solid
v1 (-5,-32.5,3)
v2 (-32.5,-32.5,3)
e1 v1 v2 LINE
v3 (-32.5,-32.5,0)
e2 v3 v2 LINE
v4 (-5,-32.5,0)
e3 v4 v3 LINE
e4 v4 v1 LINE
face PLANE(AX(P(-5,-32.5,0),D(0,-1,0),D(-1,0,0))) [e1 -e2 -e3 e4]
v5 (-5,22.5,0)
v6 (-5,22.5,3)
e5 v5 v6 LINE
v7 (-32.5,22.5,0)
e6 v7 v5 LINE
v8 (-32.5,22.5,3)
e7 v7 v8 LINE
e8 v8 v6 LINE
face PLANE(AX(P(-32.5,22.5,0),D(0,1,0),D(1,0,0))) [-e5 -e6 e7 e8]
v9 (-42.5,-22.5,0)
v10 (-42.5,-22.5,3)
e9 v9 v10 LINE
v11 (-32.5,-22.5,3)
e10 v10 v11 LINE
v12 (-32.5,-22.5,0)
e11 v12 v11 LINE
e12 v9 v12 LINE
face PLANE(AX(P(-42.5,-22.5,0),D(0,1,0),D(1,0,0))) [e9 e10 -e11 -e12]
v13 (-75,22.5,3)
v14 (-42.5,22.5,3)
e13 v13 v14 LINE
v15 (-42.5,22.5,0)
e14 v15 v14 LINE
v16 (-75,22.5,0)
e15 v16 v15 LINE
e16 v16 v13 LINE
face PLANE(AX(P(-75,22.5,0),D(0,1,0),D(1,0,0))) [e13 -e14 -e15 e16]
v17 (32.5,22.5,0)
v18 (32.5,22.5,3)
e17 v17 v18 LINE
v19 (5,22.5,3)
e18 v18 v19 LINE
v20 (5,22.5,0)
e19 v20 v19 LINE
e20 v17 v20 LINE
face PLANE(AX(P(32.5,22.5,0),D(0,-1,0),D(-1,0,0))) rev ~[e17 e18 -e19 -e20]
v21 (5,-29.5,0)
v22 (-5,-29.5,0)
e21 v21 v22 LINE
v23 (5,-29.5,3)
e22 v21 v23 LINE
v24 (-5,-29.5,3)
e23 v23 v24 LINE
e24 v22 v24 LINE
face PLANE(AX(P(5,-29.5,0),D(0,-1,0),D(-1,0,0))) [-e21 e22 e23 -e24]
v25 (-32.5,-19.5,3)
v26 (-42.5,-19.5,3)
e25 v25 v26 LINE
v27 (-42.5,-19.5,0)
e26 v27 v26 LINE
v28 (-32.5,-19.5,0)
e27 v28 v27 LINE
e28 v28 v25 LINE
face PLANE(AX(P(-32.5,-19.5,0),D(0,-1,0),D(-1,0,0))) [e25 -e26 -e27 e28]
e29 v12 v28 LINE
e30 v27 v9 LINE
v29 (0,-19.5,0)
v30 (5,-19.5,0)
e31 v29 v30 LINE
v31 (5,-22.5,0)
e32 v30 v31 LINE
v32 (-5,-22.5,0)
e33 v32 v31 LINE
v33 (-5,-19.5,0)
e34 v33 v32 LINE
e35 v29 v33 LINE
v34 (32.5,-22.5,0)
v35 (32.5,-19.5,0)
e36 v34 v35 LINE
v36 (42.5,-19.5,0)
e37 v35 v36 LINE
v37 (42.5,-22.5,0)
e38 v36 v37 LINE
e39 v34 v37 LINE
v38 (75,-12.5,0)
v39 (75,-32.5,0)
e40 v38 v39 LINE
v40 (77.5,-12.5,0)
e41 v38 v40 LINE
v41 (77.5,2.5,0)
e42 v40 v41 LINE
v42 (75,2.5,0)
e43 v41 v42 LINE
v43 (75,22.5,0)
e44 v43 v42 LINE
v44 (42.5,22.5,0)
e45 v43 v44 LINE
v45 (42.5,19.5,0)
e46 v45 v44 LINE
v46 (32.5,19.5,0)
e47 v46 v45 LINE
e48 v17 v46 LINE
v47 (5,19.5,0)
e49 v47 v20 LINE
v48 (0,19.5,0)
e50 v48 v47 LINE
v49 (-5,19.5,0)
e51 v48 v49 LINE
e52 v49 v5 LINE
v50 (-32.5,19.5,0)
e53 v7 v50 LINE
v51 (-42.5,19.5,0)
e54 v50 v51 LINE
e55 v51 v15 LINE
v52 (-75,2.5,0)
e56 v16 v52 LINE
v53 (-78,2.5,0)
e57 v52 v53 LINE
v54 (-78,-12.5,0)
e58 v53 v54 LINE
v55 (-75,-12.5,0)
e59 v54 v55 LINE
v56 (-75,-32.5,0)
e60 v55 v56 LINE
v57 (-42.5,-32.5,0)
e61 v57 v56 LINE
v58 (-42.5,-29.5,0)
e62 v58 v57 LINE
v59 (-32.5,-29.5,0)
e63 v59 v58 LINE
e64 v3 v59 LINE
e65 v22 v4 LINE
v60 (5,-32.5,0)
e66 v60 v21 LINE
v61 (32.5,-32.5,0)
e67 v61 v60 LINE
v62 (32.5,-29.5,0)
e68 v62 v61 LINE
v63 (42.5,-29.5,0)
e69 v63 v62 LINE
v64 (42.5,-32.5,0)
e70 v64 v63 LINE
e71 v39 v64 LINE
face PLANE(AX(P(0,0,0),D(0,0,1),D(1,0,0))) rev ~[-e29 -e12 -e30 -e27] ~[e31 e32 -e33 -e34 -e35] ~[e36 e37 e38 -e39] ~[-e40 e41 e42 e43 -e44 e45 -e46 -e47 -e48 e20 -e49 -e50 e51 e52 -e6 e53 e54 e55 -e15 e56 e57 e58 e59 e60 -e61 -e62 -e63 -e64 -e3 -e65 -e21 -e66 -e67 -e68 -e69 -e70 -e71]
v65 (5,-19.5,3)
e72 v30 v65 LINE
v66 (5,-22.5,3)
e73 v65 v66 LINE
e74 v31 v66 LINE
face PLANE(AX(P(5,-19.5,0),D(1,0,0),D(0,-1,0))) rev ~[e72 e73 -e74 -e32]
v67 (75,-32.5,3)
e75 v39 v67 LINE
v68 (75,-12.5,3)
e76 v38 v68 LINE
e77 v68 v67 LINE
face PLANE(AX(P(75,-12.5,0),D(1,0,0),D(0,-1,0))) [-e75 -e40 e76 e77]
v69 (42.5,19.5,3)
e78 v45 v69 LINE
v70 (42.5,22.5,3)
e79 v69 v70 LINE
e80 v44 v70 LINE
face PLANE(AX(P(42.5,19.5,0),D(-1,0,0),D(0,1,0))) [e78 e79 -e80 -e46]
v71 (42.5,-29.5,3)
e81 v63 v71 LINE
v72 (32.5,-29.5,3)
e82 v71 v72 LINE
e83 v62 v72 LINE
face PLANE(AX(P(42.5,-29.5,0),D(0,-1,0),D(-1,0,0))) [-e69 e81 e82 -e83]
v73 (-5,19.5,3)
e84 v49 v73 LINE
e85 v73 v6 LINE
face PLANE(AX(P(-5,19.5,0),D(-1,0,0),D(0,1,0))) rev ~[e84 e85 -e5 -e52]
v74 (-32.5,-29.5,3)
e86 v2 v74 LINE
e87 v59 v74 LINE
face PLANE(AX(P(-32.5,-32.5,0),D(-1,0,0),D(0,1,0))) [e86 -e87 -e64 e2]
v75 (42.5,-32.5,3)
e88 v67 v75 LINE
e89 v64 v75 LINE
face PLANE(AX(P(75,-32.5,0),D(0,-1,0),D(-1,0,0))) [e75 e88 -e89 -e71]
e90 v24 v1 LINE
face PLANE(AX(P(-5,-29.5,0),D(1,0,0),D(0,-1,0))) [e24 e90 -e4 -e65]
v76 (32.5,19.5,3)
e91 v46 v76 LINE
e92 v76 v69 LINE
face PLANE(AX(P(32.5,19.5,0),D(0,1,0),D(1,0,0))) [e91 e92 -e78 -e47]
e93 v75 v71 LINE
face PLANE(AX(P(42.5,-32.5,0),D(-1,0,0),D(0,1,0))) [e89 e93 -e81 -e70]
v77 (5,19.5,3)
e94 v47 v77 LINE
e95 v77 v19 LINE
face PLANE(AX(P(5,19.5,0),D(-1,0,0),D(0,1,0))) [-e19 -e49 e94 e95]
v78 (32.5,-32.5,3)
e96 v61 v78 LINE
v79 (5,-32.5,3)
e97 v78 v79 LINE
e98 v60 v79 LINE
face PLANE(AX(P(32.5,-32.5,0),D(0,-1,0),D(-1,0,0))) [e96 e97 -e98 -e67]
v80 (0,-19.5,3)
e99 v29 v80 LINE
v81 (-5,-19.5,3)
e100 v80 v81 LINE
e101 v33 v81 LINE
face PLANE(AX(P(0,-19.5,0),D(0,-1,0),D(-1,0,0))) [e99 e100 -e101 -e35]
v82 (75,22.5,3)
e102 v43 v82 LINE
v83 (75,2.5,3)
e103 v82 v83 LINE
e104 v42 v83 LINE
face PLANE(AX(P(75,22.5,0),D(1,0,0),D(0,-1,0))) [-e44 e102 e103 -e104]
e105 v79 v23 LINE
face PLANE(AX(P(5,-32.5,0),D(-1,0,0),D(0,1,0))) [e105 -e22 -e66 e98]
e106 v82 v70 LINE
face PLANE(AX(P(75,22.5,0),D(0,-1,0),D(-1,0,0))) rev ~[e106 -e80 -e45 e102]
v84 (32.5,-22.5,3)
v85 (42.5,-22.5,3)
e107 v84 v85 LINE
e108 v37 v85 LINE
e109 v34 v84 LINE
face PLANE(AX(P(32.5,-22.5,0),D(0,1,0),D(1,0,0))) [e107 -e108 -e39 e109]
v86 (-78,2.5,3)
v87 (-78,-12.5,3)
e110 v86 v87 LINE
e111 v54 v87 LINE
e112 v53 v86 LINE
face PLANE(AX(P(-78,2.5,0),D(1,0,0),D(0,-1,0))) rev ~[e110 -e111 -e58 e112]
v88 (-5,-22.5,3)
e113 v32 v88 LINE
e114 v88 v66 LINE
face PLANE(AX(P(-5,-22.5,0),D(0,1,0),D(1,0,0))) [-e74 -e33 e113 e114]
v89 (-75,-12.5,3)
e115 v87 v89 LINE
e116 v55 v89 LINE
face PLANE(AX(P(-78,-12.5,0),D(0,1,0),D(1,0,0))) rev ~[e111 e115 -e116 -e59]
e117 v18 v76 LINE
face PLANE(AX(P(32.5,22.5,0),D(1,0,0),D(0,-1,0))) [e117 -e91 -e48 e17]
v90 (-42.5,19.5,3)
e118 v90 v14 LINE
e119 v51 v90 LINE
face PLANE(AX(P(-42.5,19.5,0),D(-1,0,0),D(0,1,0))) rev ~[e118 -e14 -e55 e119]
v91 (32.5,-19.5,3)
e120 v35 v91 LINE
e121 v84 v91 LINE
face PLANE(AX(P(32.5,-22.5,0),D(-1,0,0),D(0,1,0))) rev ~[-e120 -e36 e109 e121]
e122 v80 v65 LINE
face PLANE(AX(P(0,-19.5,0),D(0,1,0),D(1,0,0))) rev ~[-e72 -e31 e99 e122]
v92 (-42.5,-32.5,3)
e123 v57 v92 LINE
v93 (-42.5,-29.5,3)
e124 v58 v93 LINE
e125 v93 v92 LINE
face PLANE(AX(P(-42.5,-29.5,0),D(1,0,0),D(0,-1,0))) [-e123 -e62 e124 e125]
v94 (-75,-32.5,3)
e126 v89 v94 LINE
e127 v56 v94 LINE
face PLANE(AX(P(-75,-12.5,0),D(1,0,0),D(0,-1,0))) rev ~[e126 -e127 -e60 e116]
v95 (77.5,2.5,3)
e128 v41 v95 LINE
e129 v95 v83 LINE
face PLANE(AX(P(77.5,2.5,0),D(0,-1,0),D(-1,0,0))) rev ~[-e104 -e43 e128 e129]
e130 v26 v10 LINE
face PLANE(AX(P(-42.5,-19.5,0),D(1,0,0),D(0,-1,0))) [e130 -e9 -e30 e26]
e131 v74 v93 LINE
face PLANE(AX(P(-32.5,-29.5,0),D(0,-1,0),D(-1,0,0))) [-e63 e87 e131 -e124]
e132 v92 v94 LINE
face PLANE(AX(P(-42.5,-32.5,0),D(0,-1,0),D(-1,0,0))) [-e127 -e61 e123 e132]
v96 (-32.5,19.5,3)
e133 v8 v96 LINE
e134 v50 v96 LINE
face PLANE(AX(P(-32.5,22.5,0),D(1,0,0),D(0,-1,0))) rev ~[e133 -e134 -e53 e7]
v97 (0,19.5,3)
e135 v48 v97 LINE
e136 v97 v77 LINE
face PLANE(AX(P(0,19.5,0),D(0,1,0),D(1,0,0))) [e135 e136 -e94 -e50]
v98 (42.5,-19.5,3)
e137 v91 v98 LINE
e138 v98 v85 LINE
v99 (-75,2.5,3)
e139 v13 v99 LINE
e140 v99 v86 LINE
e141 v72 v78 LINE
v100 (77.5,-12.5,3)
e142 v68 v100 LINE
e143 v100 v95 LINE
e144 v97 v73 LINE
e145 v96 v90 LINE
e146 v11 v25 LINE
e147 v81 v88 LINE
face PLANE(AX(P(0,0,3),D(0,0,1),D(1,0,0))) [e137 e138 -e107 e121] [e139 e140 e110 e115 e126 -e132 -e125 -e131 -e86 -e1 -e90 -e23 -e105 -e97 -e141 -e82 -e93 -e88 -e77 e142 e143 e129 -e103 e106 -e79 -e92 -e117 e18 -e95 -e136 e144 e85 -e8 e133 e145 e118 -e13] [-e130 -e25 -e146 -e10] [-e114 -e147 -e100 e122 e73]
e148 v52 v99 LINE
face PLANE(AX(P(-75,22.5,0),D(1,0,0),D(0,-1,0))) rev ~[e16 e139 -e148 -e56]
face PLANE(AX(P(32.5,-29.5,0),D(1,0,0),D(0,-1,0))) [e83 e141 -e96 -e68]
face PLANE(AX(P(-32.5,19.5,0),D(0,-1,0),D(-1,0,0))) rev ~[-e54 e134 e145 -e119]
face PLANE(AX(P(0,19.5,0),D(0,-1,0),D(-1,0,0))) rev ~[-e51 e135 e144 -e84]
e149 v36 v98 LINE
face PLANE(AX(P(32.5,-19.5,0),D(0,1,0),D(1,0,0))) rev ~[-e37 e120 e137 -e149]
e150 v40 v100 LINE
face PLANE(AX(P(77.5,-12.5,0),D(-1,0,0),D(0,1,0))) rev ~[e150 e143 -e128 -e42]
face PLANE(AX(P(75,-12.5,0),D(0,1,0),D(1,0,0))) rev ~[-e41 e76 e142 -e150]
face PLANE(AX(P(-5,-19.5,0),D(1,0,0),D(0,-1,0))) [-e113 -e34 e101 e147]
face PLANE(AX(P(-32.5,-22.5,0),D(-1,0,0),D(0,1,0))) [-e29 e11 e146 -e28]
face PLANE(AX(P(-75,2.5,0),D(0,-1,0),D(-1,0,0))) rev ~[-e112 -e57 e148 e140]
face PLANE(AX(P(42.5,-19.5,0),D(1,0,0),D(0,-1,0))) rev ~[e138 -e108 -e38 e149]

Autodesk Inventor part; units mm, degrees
ref_plane "YZ Plane" through (0, 0, 0) normal (1, 0, 0) x (0, 1, 0)
ref_plane "XZ Plane" through (0, 0, 0) normal (0, 1, 0) x (-1, 0, 0)
ref_plane "XY Plane" through (0, 0, 0) normal (0, 0, 1) x (1, 0, 0)
sketch "Эскиз1" plane through (0, 0, 0) normal (0, 0, 1) x (1, 0, 0)
  line L0 (-32.5, -22.5) -> (-32.5, -19.5)
  line L1 (-32.5, -19.5) -> (-42.5, -19.5)
  line L2 (-42.5, -19.5) -> (-42.5, -22.5)
  line L3 (0, -19.5) -> (-5, -19.5)
  line L4 (-5, -19.5) -> (-5, -22.5)
  line L5 (-75, 22.5) -> (-42.5, 22.5)
  line L6 (-32.5, 22.5) -> (-32.5, 19.5)
  line L7 (-32.5, 19.5) -> (-42.5, 19.5)
  line L8 (-42.5, 19.5) -> (-42.5, 22.5)
  line L9 (-32.5, 22.5) -> (-5, 22.5)
  line L10 (0, 19.5) -> (-5, 19.5)
  line L11 (-5, 19.5) -> (-5, 22.5)
  line L12 (-5, 22.5) -> (-32.5, 22.5)
  line L13 (-42.5, 22.5) -> (-75, 22.5)
  line L14 (32.5, -22.5) -> (32.5, -19.5)
  line L15 (32.5, -19.5) -> (42.5, -19.5)
  line L16 (42.5, -19.5) -> (42.5, -22.5)
  line L17 (0, -19.5) -> (5, -19.5)
  line L18 (5, -19.5) -> (5, -22.5)
  line L19 (75, 22.5) -> (42.5, 22.5)
  line L20 (32.5, 22.5) -> (32.5, 19.5)
  line L21 (32.5, 19.5) -> (42.5, 19.5)
  line L22 (42.5, 19.5) -> (42.5, 22.5)
  line L23 (32.5, 22.5) -> (5, 22.5)
  line L24 (0, 19.5) -> (5, 19.5)
  line L25 (5, 19.5) -> (5, 22.5)
  line L26 (5, 22.5) -> (32.5, 22.5)
  line L27 (42.5, 22.5) -> (75, 22.5)
  line L28 (-42.5, -22.5) -> (-32.5, -22.5)
  line L29 (-5, -22.5) -> (5, -22.5)
  line L30 (32.5, -22.5) -> (42.5, -22.5)
  line L31 (-32.5, -32.5) -> (-32.5, -29.5)
  line L32 (-32.5, -29.5) -> (-42.5, -29.5)
  line L33 (-42.5, -29.5) -> (-42.5, -32.5)
  line L34 (5, -32.5) -> (5, -29.5)
  line L35 (5, -29.5) -> (-5, -29.5)
  line L36 (-5, -29.5) -> (-5, -32.5)
  line L37 (42.5, -32.5) -> (42.5, -29.5)
  line L38 (42.5, -29.5) -> (32.5, -29.5)
  line L39 (32.5, -29.5) -> (32.5, -32.5)
  line L40 (-75, 2.5) -> (-78, 2.5)
  line L41 (-78, 2.5) -> (-78, -12.5)
  line L42 (-78, -12.5) -> (-75, -12.5)
  line L43 (77.5, 2.5) -> (75, 2.5)
  line L44 (75, -12.5) -> (77.5, -12.5)
  line L45 (77.5, -12.5) -> (77.5, 2.5)
  line L46 (75, -32.5) -> (42.5, -32.5)
  line L47 (32.5, -32.5) -> (5, -32.5)
  line L48 (-5, -32.5) -> (-32.5, -32.5)
  line L49 (-42.5, -32.5) -> (-75, -32.5)
  line L50 (-75, 22.5) -> (-75, 2.5)
  line L51 (-75, -12.5) -> (-75, -32.5)
  line L52 (75, 22.5) -> (75, 2.5)
  line L53 (75, -12.5) -> (75, -32.5)
  point P0 (0, 0)
extrude "Выдавливание2" add sketch "Эскиз1" along normal blind 3
sketch "Эскиз2" plane through (0, 0, 3) normal (0, 0, 1) x (1, 0, 0)
  point P0 (0, 0)
properties part number "Стенка t1"
